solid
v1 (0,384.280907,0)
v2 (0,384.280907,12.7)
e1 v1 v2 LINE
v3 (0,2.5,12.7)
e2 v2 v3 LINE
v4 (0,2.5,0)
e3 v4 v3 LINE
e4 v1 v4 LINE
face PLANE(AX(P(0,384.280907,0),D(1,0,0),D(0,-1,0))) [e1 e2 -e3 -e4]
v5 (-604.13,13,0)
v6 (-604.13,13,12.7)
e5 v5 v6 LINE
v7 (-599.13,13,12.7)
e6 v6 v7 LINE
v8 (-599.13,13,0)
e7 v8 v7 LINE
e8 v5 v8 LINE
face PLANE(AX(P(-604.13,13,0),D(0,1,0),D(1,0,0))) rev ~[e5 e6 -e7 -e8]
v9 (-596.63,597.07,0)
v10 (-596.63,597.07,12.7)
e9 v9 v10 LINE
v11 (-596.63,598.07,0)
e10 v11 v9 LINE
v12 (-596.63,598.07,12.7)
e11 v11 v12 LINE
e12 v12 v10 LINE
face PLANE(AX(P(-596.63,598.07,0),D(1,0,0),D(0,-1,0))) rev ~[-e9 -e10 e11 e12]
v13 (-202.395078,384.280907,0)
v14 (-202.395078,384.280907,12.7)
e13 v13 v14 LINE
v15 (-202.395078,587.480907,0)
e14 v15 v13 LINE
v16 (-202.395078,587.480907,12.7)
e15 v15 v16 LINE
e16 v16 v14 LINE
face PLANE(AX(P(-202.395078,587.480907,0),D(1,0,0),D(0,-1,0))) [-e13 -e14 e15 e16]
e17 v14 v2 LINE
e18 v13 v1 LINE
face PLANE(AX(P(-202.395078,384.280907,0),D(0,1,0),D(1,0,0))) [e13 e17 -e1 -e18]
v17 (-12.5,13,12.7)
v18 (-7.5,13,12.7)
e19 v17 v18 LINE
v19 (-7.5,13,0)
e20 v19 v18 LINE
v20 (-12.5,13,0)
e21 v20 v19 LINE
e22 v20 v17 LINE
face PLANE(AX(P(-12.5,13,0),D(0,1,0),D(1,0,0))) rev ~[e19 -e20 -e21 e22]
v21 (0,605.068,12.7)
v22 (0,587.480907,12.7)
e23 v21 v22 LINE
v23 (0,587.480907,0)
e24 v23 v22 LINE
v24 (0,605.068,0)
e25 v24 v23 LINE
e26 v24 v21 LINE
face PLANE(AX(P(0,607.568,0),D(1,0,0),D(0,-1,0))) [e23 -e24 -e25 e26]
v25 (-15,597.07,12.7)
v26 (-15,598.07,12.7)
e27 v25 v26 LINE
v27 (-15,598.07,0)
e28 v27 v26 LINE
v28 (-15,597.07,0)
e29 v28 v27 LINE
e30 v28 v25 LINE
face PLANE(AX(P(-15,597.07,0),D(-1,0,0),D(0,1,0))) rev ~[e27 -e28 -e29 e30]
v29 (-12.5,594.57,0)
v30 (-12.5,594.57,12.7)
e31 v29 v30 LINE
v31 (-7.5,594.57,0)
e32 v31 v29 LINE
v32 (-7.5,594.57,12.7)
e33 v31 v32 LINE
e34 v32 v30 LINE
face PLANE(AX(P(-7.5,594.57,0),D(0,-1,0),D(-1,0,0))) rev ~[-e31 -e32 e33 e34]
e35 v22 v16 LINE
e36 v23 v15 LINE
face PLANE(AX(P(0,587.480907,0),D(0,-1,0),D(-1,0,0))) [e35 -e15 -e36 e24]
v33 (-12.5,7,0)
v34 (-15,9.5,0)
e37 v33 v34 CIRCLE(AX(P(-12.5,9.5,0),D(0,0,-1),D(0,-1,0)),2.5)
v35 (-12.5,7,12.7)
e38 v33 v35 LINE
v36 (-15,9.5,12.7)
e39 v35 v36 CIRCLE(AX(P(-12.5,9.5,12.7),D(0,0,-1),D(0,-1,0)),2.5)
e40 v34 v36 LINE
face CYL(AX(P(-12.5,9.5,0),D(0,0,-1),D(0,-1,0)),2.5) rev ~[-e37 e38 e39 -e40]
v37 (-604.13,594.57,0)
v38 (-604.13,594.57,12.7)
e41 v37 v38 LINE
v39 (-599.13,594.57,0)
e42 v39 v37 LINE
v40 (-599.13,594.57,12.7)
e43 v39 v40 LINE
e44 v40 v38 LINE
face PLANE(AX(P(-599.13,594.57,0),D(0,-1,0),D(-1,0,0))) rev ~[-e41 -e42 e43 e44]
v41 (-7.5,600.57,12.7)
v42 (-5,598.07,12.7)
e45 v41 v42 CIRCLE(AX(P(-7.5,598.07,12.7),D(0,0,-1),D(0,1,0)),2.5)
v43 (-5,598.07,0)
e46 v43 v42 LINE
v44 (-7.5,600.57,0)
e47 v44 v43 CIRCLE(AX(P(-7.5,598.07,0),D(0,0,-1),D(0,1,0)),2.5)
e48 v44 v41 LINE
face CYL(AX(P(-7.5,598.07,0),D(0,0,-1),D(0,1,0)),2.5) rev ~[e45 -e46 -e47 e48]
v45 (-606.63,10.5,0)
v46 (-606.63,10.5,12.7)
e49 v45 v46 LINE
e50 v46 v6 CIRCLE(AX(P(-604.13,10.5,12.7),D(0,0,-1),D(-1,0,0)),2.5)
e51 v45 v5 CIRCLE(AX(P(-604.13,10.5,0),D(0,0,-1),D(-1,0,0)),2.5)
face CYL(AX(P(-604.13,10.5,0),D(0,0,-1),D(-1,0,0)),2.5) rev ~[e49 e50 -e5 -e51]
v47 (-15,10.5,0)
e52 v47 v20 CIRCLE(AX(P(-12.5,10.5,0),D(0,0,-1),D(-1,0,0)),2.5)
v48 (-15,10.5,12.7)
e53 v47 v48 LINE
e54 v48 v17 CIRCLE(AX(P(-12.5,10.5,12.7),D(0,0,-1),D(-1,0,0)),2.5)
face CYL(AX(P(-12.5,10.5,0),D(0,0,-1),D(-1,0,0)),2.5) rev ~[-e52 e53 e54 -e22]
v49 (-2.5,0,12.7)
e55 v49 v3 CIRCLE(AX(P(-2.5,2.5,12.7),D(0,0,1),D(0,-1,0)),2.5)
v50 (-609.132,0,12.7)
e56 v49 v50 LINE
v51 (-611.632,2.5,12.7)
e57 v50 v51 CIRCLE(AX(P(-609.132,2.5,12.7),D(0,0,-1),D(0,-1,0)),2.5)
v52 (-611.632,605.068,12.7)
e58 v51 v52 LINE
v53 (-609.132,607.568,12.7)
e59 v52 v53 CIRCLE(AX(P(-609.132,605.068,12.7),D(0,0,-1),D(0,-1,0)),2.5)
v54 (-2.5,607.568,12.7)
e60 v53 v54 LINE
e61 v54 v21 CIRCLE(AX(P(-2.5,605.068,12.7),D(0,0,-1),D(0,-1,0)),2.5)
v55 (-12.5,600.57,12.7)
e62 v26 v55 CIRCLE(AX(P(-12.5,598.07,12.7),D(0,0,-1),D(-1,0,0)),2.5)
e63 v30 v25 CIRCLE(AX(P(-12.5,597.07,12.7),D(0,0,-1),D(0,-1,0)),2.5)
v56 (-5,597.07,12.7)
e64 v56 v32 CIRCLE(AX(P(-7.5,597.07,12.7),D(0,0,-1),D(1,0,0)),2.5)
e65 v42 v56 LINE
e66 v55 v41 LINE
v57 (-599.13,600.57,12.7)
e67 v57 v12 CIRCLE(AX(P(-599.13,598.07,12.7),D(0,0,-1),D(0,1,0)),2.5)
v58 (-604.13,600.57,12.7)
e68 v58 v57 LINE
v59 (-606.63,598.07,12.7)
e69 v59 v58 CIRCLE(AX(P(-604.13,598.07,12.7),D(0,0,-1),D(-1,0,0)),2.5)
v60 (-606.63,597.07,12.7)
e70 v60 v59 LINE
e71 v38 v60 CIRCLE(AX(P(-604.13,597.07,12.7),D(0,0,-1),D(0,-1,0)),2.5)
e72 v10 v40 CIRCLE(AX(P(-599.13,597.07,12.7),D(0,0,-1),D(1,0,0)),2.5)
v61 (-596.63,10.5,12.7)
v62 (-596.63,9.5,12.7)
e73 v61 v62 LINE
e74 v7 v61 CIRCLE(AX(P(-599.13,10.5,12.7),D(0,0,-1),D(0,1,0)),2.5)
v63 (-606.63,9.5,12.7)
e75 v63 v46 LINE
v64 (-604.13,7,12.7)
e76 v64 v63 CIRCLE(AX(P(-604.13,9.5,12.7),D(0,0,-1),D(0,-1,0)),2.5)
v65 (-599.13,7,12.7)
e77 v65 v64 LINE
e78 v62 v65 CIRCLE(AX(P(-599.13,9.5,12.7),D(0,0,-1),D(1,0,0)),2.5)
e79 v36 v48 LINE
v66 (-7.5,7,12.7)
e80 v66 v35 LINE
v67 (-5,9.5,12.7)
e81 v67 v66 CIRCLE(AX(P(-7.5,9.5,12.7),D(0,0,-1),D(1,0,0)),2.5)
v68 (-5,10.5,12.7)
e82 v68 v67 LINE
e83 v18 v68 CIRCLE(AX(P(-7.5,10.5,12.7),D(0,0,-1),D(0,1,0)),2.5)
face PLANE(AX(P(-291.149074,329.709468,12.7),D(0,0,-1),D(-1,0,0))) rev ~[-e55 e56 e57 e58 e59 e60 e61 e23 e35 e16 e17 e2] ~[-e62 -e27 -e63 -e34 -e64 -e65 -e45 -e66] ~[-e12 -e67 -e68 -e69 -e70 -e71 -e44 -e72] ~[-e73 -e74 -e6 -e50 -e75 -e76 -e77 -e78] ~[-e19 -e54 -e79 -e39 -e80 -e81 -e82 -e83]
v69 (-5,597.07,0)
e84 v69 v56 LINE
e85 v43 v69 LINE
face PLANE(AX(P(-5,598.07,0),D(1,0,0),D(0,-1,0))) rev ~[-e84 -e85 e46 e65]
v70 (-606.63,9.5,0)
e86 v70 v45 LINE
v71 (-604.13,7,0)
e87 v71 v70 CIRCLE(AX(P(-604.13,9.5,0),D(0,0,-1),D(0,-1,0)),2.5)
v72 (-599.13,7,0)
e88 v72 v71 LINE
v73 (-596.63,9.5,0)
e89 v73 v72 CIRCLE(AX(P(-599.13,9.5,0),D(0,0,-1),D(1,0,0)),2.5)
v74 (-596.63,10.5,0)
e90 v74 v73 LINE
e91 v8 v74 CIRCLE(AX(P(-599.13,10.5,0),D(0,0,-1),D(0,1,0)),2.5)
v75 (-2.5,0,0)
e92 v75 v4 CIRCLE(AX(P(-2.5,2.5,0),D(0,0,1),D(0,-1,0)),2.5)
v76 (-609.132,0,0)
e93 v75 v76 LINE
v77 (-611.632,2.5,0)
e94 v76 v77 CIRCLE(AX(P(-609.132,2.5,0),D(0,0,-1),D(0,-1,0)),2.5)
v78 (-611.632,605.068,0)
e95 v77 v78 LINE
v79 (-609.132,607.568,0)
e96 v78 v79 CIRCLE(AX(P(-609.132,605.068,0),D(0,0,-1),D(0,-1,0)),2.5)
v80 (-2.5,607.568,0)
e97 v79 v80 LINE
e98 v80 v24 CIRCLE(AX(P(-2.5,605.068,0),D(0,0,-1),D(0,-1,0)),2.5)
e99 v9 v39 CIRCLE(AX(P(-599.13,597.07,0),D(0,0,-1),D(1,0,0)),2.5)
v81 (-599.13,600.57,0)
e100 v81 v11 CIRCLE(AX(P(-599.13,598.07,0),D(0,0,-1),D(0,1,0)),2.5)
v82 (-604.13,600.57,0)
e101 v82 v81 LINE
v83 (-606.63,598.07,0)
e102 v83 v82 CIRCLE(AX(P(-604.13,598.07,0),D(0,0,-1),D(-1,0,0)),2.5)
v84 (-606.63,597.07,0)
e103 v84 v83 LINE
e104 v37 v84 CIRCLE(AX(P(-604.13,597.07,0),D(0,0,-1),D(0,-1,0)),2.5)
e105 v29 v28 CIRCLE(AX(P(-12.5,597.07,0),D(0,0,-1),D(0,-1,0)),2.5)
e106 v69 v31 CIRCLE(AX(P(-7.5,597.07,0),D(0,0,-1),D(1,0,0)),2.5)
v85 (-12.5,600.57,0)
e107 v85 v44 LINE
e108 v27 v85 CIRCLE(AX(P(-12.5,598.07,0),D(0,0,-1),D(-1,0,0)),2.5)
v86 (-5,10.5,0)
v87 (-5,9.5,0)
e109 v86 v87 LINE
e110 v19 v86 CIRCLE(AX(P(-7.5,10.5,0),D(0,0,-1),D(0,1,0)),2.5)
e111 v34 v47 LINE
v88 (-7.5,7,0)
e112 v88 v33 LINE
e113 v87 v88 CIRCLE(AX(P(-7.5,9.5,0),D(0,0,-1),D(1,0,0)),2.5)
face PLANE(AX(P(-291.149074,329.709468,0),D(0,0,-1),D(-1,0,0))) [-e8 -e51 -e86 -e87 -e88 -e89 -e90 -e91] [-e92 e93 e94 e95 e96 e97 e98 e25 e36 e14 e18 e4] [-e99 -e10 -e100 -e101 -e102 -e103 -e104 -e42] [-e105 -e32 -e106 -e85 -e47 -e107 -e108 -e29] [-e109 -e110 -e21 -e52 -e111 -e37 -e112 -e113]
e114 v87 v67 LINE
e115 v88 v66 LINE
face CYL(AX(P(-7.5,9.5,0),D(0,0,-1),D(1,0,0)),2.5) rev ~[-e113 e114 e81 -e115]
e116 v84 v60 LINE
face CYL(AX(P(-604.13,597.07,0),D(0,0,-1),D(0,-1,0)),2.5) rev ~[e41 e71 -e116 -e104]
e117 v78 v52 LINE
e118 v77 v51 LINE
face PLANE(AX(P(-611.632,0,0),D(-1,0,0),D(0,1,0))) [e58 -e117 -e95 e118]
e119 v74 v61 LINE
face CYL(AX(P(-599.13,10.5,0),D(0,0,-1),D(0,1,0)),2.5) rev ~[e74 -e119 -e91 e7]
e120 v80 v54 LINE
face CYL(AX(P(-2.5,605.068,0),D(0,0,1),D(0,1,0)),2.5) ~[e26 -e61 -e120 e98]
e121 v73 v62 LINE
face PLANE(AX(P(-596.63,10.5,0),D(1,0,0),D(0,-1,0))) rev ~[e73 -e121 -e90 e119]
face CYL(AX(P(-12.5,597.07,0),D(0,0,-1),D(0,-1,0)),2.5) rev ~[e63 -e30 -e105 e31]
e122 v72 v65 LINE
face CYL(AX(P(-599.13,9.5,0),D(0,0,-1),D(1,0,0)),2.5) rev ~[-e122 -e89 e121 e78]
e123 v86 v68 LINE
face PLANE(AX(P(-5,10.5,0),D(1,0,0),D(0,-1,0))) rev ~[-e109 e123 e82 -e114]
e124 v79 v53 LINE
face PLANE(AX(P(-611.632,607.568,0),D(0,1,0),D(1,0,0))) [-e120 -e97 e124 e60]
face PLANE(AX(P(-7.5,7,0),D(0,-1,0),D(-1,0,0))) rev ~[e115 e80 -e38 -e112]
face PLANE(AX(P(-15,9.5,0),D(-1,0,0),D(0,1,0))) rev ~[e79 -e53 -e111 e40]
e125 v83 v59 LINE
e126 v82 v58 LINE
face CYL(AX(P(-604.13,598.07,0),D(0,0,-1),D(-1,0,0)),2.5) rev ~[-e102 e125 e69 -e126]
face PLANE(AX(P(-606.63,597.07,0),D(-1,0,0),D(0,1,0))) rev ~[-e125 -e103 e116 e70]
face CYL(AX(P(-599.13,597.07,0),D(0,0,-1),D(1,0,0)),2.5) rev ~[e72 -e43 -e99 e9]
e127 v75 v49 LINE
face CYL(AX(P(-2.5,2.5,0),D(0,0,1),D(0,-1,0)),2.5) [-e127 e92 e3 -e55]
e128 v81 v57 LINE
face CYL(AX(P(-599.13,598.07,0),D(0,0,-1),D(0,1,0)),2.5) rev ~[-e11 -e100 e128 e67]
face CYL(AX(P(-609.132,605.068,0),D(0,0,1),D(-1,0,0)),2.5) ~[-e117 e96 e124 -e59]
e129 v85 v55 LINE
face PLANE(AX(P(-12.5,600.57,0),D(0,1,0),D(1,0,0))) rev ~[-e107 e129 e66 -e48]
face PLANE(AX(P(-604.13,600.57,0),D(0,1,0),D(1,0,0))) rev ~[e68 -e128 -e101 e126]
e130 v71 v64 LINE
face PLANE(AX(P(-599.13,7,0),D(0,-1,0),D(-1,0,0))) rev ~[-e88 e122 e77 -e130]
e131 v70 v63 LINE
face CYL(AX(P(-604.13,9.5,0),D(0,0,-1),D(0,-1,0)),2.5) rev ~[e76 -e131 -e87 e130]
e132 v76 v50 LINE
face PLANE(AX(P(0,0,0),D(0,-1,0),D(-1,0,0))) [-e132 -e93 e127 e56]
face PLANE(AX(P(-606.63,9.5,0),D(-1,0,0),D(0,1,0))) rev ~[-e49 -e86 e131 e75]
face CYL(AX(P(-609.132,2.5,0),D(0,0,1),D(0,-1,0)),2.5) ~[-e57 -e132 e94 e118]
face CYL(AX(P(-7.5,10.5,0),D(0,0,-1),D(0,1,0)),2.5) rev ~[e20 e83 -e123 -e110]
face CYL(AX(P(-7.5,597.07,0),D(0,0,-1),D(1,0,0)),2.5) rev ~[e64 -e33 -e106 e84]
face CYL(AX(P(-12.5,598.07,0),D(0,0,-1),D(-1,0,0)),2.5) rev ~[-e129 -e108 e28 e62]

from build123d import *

# Parameters (mm, degrees)
BOSS_EXTRUDE2_DEPTH = 12.7
FILLET2_R           = 2.5


with BuildPart() as part:
    # Sketch1 → Boss-Extrude2 (new body)
    with BuildSketch(Plane.XY):
        Polygon((0, 0), (-611.632, 0), (-611.632, 607.568), (0, 607.568), (0, 587.480907233), (-202.395078438, 587.480907233), (-202.395078438, 384.280907233), (0, 384.280907233), align=None)
        with BuildLine():
            Line((-5, 10.5), (-5, 9.5))
            ThreePointArc((-5, 9.5), (-5.732233047, 7.732233047), (-7.5, 7))
            Line((-7.5, 7), (-12.5, 7))
            ThreePointArc((-12.5, 7), (-14.267766953, 7.732233047), (-15, 9.5))
            Line((-15, 9.5), (-15, 10.5))
            ThreePointArc((-15, 10.5), (-14.267766953, 12.267766953), (-12.5, 13))
            Line((-12.5, 13), (-7.5, 13))
            ThreePointArc((-7.5, 13), (-5.732233047, 12.267766953), (-5, 10.5))
        make_face(mode=Mode.SUBTRACT)
        with BuildLine():
            Line((-596.63, 10.5), (-596.63, 9.5))
            ThreePointArc((-596.63, 9.5), (-597.362233047, 7.732233047), (-599.13, 7))
            Line((-599.13, 7), (-604.13, 7))
            ThreePointArc((-604.13, 7), (-605.897766953, 7.732233047), (-606.63, 9.5))
            Line((-606.63, 9.5), (-606.63, 10.5))
            ThreePointArc((-606.63, 10.5), (-605.897766953, 12.267766953), (-604.13, 13))
            Line((-604.13, 13), (-599.13, 13))
            ThreePointArc((-599.13, 13), (-597.362233047, 12.267766953), (-596.63, 10.5))
        make_face(mode=Mode.SUBTRACT)
        with BuildLine():
            Line((-596.63, 598.07), (-596.63, 597.07))
            ThreePointArc((-596.63, 597.07), (-597.362233047, 595.302233047), (-599.13, 594.57))
            Line((-599.13, 594.57), (-604.13, 594.57))
            ThreePointArc((-604.13, 594.57), (-605.897766953, 595.302233047), (-606.63, 597.07))
            Line((-606.63, 597.07), (-606.63, 598.07))
            ThreePointArc((-606.63, 598.07), (-605.897766953, 599.837766953), (-604.13, 600.57))
            Line((-604.13, 600.57), (-599.13, 600.57))
            ThreePointArc((-599.13, 600.57), (-597.362233047, 599.837766953), (-596.63, 598.07))
        make_face(mode=Mode.SUBTRACT)
        with BuildLine():
            Line((-5, 598.07), (-5, 597.07))
            ThreePointArc((-5, 597.07), (-5.732233047, 595.302233047), (-7.5, 594.57))
            Line((-7.5, 594.57), (-12.5, 594.57))
            ThreePointArc((-12.5, 594.57), (-14.267766953, 595.302233047), (-15, 597.07))
            Line((-15, 597.07), (-15, 598.07))
            ThreePointArc((-15, 598.07), (-14.267766953, 599.837766953), (-12.5, 600.57))
            Line((-12.5, 600.57), (-7.5, 600.57))
            ThreePointArc((-7.5, 600.57), (-5.732233047, 599.837766953), (-5, 598.07))
        make_face(mode=Mode.SUBTRACT)
    extrude(amount=BOSS_EXTRUDE2_DEPTH)

    # Fillet2
    fillet2_edges = [part.edges().sort_by_distance(p)[0] for p in [
        (0, 0, 6.35),
        (-611.632, 0, 6.35),
        (-611.632, 607.568, 6.35),
        (0, 607.568, 6.35),
    ]]
    fillet(fillet2_edges, radius=FILLET2_R)


solid = part.part
